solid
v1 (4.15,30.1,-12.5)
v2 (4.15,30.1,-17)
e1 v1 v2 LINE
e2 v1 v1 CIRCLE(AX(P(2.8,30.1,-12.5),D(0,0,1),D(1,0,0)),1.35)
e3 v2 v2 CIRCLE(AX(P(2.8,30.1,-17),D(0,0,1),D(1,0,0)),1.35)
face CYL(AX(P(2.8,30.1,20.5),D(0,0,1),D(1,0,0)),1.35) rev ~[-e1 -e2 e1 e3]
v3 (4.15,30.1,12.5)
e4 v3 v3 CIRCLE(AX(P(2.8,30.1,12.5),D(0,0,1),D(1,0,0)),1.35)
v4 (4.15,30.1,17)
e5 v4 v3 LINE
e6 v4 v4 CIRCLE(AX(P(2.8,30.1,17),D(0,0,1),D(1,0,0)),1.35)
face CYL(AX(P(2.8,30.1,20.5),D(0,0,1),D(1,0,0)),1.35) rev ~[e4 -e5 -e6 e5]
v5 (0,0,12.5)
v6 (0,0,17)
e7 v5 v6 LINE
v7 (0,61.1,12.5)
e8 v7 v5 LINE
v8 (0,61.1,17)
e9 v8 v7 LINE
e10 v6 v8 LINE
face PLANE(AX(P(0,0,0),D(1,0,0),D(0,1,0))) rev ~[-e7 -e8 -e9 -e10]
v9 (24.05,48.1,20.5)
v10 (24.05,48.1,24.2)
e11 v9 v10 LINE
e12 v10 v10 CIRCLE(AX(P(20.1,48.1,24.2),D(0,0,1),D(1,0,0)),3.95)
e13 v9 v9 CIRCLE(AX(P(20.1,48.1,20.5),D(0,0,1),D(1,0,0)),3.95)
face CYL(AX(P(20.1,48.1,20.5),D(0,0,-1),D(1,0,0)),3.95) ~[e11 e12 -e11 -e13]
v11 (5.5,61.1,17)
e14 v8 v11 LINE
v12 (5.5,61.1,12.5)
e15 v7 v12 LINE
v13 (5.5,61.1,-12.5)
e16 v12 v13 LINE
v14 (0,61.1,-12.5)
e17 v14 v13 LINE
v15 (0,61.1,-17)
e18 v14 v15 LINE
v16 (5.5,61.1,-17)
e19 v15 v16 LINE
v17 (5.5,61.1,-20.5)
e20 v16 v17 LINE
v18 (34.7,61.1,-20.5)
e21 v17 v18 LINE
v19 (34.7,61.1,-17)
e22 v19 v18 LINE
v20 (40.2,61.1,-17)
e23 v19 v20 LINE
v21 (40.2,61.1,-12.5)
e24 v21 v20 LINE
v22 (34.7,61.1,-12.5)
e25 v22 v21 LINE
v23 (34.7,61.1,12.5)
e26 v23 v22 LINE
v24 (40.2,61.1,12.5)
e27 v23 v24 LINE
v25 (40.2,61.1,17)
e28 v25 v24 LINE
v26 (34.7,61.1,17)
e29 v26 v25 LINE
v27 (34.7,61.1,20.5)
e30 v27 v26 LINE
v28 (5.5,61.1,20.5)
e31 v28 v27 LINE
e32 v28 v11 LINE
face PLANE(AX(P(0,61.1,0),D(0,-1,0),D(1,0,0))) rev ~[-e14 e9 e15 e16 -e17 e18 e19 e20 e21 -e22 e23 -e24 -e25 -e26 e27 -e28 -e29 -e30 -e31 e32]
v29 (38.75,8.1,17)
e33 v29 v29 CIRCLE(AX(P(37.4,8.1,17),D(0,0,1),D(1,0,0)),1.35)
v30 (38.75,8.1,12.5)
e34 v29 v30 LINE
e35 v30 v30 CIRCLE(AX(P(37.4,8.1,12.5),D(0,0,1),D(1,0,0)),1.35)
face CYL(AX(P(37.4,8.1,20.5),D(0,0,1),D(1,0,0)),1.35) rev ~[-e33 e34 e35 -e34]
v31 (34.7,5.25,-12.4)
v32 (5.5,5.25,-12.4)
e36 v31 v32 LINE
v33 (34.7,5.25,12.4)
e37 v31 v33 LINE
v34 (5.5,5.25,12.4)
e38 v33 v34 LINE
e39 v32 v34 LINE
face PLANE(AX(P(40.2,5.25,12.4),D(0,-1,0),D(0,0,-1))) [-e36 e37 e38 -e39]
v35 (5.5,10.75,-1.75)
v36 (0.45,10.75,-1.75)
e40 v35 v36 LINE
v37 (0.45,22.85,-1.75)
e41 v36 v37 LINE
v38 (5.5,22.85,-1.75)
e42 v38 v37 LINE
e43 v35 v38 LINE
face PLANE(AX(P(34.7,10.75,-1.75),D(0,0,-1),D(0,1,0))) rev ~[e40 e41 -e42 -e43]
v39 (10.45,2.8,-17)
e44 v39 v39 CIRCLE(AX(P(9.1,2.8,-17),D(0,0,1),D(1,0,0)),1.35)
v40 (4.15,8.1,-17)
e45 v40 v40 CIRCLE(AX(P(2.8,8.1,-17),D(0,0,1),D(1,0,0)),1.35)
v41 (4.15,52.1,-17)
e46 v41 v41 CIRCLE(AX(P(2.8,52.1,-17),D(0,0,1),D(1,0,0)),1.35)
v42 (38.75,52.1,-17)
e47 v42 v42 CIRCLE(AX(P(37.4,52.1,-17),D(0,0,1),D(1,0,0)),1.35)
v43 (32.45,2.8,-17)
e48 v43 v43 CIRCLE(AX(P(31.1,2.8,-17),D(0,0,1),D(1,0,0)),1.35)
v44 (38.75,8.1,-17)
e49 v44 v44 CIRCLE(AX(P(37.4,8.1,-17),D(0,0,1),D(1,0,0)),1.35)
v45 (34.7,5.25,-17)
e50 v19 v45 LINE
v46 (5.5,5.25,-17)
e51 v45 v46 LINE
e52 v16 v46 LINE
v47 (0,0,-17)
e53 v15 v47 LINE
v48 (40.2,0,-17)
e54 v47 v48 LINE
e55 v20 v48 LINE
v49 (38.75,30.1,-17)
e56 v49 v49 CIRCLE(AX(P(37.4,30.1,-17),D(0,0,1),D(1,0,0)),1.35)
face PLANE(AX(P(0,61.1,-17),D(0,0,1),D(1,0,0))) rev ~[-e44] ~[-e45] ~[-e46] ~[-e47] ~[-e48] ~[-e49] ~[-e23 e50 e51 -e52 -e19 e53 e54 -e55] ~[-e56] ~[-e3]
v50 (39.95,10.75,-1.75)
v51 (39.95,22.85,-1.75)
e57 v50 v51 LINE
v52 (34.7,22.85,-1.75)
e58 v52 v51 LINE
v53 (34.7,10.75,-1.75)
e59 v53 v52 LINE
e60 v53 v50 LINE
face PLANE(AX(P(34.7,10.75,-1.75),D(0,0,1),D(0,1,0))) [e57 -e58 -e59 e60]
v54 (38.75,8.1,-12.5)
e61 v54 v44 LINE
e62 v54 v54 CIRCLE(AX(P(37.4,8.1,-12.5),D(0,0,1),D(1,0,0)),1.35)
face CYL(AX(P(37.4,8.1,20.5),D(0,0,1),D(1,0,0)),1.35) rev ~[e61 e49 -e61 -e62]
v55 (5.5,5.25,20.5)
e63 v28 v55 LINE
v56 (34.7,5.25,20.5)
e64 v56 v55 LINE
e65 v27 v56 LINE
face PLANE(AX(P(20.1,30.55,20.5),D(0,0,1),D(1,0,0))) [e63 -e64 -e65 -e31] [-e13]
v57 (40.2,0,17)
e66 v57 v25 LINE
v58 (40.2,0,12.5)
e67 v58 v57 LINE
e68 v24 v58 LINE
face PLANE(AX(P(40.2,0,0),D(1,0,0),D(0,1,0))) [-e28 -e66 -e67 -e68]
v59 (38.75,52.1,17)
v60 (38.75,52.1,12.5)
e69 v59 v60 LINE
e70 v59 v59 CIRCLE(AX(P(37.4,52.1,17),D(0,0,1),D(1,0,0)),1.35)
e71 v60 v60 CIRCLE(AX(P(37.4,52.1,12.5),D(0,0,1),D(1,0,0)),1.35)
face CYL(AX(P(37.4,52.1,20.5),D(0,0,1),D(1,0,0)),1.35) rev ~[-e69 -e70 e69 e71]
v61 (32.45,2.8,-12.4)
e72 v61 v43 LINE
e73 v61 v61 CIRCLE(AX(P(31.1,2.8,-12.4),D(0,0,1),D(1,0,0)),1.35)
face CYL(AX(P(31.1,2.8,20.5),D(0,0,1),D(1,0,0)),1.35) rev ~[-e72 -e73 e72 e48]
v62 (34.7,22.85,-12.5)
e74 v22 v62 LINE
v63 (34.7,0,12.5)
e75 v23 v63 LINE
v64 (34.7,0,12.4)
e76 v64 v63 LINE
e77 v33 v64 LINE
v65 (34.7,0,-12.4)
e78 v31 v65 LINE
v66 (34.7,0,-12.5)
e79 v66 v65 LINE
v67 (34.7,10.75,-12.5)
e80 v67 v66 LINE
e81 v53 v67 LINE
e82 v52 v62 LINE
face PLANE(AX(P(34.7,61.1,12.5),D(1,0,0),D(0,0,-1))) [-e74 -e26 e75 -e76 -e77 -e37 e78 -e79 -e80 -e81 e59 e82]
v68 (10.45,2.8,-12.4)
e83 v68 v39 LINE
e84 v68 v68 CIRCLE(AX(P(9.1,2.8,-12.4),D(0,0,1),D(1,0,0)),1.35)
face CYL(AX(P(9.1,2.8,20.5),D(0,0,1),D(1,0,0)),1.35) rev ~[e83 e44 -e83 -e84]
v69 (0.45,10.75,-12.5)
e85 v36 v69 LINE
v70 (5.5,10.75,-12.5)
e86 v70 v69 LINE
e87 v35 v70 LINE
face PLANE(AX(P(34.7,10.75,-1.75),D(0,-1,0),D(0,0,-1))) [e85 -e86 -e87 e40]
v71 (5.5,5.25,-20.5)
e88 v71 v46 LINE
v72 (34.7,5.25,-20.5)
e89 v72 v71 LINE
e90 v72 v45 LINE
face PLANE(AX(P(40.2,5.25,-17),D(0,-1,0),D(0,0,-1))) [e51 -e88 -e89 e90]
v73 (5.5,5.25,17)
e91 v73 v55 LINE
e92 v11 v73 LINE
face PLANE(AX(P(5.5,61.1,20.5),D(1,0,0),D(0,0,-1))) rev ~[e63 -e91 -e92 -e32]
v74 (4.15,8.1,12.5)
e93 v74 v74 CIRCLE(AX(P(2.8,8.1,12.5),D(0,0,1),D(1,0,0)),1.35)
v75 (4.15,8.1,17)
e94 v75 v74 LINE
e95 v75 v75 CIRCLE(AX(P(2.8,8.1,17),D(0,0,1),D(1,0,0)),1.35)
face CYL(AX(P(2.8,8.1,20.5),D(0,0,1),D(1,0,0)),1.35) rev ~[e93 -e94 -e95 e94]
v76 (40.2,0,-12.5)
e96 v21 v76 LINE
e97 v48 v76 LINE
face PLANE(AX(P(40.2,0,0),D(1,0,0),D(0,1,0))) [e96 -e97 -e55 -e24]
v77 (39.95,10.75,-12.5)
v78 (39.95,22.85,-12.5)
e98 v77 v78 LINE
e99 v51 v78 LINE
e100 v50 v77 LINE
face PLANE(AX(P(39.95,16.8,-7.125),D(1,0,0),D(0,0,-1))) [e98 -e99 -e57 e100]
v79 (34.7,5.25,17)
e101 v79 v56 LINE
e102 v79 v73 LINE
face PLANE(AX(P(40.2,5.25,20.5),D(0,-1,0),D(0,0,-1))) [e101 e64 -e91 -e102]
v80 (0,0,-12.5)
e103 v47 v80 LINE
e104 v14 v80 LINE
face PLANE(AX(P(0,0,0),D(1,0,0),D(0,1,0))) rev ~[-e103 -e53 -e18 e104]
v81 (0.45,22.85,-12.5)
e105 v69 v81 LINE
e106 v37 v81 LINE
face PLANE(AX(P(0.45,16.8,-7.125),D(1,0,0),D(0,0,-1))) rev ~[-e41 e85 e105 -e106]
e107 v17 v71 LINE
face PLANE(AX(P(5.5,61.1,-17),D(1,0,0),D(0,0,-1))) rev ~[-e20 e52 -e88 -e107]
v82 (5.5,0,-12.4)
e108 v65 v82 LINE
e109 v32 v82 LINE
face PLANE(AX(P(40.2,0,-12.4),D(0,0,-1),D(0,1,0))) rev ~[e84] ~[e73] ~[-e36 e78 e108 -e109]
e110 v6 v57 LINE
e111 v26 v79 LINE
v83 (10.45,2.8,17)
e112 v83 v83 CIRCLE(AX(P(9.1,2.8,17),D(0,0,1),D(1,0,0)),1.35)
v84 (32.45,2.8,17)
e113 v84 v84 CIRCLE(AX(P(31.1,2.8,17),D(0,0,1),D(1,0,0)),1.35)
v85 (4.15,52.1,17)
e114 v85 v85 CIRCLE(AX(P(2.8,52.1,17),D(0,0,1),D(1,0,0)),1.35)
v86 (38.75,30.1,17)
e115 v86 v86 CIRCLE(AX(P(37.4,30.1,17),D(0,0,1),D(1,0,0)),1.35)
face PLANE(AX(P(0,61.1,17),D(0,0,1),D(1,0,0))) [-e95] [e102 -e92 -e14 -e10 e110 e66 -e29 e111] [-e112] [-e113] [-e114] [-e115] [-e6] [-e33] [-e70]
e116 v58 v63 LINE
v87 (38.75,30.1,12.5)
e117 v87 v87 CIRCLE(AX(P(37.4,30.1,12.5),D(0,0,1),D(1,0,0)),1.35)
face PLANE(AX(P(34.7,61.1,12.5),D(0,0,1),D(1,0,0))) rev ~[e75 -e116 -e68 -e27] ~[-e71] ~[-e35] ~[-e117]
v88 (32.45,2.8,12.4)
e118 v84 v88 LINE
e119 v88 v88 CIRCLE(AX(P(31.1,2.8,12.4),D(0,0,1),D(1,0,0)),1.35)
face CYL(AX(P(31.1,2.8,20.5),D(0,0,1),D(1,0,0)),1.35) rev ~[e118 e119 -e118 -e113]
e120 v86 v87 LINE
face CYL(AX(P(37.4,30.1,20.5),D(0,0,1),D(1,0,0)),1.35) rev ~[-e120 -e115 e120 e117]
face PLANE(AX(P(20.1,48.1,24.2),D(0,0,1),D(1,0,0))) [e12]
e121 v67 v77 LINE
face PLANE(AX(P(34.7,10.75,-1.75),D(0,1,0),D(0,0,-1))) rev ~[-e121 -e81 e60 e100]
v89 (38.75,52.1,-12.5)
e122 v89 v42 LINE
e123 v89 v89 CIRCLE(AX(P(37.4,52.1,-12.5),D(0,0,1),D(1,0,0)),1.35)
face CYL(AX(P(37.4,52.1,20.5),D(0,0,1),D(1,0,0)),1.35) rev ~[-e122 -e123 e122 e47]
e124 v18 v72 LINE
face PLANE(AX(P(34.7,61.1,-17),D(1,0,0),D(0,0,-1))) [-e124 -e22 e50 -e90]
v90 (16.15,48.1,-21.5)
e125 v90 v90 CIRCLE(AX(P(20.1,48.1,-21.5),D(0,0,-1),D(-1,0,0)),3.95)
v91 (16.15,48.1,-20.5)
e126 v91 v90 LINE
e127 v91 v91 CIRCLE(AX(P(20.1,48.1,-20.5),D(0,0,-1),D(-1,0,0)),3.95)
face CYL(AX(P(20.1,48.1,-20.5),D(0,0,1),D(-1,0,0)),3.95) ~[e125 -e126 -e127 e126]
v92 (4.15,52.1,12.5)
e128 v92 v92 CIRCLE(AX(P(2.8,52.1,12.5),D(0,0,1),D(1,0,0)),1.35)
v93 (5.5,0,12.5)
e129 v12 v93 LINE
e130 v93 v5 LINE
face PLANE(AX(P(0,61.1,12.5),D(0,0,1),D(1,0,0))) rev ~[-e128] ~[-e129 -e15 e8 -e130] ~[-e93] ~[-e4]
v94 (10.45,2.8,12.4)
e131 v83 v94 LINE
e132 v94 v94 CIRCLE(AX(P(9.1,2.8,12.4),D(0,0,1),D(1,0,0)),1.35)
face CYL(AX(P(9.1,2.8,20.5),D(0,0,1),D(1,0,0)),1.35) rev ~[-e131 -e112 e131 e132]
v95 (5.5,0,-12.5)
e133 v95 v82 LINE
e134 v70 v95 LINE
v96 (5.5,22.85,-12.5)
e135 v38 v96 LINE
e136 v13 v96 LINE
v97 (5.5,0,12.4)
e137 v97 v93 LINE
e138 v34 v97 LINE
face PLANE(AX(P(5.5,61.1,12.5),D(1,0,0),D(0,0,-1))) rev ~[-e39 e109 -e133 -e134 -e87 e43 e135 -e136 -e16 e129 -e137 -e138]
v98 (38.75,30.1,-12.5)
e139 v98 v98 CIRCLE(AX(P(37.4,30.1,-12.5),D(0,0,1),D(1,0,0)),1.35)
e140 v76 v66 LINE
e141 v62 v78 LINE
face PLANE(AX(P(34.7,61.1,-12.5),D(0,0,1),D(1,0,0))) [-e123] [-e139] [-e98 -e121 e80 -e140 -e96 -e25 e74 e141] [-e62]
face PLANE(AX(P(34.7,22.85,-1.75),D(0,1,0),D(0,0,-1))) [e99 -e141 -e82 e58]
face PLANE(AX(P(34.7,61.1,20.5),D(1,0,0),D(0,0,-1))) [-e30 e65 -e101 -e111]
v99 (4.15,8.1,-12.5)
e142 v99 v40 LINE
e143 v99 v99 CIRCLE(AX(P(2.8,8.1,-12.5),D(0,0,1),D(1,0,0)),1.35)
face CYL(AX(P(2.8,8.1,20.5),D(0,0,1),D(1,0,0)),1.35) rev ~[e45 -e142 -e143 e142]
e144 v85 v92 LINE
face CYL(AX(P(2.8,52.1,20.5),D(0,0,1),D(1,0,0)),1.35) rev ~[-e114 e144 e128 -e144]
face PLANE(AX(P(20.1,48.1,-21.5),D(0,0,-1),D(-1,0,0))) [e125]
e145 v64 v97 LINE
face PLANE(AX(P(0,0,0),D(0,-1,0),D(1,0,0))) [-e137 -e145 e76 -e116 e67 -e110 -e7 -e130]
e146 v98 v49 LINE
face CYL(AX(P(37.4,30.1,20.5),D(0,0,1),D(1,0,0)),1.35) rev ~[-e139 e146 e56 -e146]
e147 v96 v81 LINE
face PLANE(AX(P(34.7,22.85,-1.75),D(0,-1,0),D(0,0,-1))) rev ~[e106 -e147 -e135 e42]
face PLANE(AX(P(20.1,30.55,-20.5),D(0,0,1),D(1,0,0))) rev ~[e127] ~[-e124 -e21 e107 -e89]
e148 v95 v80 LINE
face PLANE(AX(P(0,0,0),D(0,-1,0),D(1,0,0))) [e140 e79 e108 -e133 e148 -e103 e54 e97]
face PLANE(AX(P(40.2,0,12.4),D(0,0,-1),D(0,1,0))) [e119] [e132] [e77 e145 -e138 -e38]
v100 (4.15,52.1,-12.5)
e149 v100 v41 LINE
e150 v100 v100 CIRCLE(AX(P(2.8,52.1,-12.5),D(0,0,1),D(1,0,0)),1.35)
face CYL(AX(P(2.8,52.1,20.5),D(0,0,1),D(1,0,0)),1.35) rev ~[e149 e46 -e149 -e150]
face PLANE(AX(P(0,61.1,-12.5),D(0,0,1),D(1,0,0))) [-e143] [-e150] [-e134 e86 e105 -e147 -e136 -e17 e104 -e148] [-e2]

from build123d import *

# Parameters (mm, degrees)
SKETCH_2_W           = 40.2
SKETCH_2_H           = 61.1
EXTRUDE_1_DEPTH      = 20.5
SKETCH_9_W           = 24.8
SKETCH_9_H           = 5.25
SKETCH_9_W_2         = 3.5
CUT_EXTRUDE_3_DEPTH  = 41.2
SKETCH_10_W          = 5.5
SKETCH_10_H          = 25
SKETCH_10_H_2        = 3.5
CUT_EXTRUDE_4_DEPTH  = 62.1
SKETCH_12_R          = 1.35
CUT_EXTRUDE_5_DEPTH  = 42
SKETCH_13_R          = 3.95
EXTRUDE_2_DEPTH      = 3.7
SKETCH_14_R          = 3.95
EXTRUDE_4_DEPTH      = 1
SKETCH_16_W          = 10.75
SKETCH_16_H          = 12.1
EXTRUDE_6_DEPTH      = 5.25
EXTRUDE_6_DEPTH_BACK = 34.25


with BuildPart() as part:
    # 스케치2 → 보스-돌출1 (new body, symmetric)
    with BuildSketch(Plane.XY):
        with Locations((20.1, 30.55)):
            Rectangle(SKETCH_2_W, SKETCH_2_H)
    extrude(amount=EXTRUDE_1_DEPTH, both=True)

    # 스케치9 → 컷-돌출3 (cut, through all)
    with BuildSketch(Plane(origin=(40.2, 0, 0), x_dir=(0, 0, -1), z_dir=(1, 0, 0))):
        with Locations((0, 2.625)):
            Rectangle(SKETCH_9_W, SKETCH_9_H)
        with Locations((-18.75, 2.625)):
            Rectangle(SKETCH_9_W_2, SKETCH_9_H)
        with Locations((18.75, 2.625)):
            Rectangle(SKETCH_9_W_2, SKETCH_9_H)
    extrude(amount=-CUT_EXTRUDE_3_DEPTH, mode=Mode.SUBTRACT)

    # 스케치10 → 컷-돌출4 (cut, through all)
    with BuildSketch(Plane(origin=(0, 61.1, 0), x_dir=(1, 0, 0), z_dir=(0, 1, 0))):
        with Locations((2.75, 0)):
            Rectangle(SKETCH_10_W, SKETCH_10_H)
        with Locations((2.75, 18.75)):
            Rectangle(SKETCH_10_W, SKETCH_10_H_2)
        with Locations((37.45, 0)):
            Rectangle(SKETCH_10_W, SKETCH_10_H)
        with Locations((37.45, 18.75)):
            Rectangle(SKETCH_10_W, SKETCH_10_H_2)
        with Locations((2.75, -18.75)):
            Rectangle(SKETCH_10_W, SKETCH_10_H_2)
        with Locations((37.45, -18.75)):
            Rectangle(SKETCH_10_W, SKETCH_10_H_2)
    extrude(amount=-CUT_EXTRUDE_4_DEPTH, mode=Mode.SUBTRACT)

    # 스케치12 → 컷-돌출5 (cut, through all)
    with BuildSketch(Plane.XY.offset(20.5)):
        with Locations((9.1, 2.8)):
            Circle(SKETCH_12_R)
        with Locations((31.1, 2.8)):
            Circle(SKETCH_12_R)
        with Locations((2.8, 52.1)):
            Circle(SKETCH_12_R)
        with Locations((37.4, 52.1)):
            Circle(SKETCH_12_R)
        with Locations((2.8, 30.1)):
            Circle(SKETCH_12_R)
        with Locations((37.4, 30.1)):
            Circle(SKETCH_12_R)
        with Locations((2.8, 8.1)):
            Circle(SKETCH_12_R)
        with Locations((37.4, 8.1)):
            Circle(SKETCH_12_R)
    extrude(amount=-CUT_EXTRUDE_5_DEPTH, mode=Mode.SUBTRACT)

    # 스케치13 → 보스-돌출2 (add)
    with BuildSketch(Plane.XY.offset(20.5)):
        with Locations((20.1, 48.1)):
            Circle(SKETCH_13_R)
    extrude(amount=EXTRUDE_2_DEPTH)

    # 스케치14 → 보스-돌출4 (add)
    with BuildSketch(Plane(origin=(0, 0, -20.5), x_dir=(-1, 0, 0), z_dir=(0, 0, -1))):
        with Locations((-20.1, 48.1)):
            Circle(SKETCH_14_R)
    extrude(amount=EXTRUDE_4_DEPTH)

    # 스케치16 → 보스-돌출6 (add, two sides)
    with BuildSketch(Plane(origin=(34.7, 0, 0), x_dir=(0, 0, -1), z_dir=(1, 0, 0))) as extrude_6_sk:
        with Locations((7.125, 16.8)):
            Rectangle(SKETCH_16_W, SKETCH_16_H)
    extrude(amount=EXTRUDE_6_DEPTH)
    extrude(extrude_6_sk.sketch, amount=-EXTRUDE_6_DEPTH_BACK)


solid = part.part
